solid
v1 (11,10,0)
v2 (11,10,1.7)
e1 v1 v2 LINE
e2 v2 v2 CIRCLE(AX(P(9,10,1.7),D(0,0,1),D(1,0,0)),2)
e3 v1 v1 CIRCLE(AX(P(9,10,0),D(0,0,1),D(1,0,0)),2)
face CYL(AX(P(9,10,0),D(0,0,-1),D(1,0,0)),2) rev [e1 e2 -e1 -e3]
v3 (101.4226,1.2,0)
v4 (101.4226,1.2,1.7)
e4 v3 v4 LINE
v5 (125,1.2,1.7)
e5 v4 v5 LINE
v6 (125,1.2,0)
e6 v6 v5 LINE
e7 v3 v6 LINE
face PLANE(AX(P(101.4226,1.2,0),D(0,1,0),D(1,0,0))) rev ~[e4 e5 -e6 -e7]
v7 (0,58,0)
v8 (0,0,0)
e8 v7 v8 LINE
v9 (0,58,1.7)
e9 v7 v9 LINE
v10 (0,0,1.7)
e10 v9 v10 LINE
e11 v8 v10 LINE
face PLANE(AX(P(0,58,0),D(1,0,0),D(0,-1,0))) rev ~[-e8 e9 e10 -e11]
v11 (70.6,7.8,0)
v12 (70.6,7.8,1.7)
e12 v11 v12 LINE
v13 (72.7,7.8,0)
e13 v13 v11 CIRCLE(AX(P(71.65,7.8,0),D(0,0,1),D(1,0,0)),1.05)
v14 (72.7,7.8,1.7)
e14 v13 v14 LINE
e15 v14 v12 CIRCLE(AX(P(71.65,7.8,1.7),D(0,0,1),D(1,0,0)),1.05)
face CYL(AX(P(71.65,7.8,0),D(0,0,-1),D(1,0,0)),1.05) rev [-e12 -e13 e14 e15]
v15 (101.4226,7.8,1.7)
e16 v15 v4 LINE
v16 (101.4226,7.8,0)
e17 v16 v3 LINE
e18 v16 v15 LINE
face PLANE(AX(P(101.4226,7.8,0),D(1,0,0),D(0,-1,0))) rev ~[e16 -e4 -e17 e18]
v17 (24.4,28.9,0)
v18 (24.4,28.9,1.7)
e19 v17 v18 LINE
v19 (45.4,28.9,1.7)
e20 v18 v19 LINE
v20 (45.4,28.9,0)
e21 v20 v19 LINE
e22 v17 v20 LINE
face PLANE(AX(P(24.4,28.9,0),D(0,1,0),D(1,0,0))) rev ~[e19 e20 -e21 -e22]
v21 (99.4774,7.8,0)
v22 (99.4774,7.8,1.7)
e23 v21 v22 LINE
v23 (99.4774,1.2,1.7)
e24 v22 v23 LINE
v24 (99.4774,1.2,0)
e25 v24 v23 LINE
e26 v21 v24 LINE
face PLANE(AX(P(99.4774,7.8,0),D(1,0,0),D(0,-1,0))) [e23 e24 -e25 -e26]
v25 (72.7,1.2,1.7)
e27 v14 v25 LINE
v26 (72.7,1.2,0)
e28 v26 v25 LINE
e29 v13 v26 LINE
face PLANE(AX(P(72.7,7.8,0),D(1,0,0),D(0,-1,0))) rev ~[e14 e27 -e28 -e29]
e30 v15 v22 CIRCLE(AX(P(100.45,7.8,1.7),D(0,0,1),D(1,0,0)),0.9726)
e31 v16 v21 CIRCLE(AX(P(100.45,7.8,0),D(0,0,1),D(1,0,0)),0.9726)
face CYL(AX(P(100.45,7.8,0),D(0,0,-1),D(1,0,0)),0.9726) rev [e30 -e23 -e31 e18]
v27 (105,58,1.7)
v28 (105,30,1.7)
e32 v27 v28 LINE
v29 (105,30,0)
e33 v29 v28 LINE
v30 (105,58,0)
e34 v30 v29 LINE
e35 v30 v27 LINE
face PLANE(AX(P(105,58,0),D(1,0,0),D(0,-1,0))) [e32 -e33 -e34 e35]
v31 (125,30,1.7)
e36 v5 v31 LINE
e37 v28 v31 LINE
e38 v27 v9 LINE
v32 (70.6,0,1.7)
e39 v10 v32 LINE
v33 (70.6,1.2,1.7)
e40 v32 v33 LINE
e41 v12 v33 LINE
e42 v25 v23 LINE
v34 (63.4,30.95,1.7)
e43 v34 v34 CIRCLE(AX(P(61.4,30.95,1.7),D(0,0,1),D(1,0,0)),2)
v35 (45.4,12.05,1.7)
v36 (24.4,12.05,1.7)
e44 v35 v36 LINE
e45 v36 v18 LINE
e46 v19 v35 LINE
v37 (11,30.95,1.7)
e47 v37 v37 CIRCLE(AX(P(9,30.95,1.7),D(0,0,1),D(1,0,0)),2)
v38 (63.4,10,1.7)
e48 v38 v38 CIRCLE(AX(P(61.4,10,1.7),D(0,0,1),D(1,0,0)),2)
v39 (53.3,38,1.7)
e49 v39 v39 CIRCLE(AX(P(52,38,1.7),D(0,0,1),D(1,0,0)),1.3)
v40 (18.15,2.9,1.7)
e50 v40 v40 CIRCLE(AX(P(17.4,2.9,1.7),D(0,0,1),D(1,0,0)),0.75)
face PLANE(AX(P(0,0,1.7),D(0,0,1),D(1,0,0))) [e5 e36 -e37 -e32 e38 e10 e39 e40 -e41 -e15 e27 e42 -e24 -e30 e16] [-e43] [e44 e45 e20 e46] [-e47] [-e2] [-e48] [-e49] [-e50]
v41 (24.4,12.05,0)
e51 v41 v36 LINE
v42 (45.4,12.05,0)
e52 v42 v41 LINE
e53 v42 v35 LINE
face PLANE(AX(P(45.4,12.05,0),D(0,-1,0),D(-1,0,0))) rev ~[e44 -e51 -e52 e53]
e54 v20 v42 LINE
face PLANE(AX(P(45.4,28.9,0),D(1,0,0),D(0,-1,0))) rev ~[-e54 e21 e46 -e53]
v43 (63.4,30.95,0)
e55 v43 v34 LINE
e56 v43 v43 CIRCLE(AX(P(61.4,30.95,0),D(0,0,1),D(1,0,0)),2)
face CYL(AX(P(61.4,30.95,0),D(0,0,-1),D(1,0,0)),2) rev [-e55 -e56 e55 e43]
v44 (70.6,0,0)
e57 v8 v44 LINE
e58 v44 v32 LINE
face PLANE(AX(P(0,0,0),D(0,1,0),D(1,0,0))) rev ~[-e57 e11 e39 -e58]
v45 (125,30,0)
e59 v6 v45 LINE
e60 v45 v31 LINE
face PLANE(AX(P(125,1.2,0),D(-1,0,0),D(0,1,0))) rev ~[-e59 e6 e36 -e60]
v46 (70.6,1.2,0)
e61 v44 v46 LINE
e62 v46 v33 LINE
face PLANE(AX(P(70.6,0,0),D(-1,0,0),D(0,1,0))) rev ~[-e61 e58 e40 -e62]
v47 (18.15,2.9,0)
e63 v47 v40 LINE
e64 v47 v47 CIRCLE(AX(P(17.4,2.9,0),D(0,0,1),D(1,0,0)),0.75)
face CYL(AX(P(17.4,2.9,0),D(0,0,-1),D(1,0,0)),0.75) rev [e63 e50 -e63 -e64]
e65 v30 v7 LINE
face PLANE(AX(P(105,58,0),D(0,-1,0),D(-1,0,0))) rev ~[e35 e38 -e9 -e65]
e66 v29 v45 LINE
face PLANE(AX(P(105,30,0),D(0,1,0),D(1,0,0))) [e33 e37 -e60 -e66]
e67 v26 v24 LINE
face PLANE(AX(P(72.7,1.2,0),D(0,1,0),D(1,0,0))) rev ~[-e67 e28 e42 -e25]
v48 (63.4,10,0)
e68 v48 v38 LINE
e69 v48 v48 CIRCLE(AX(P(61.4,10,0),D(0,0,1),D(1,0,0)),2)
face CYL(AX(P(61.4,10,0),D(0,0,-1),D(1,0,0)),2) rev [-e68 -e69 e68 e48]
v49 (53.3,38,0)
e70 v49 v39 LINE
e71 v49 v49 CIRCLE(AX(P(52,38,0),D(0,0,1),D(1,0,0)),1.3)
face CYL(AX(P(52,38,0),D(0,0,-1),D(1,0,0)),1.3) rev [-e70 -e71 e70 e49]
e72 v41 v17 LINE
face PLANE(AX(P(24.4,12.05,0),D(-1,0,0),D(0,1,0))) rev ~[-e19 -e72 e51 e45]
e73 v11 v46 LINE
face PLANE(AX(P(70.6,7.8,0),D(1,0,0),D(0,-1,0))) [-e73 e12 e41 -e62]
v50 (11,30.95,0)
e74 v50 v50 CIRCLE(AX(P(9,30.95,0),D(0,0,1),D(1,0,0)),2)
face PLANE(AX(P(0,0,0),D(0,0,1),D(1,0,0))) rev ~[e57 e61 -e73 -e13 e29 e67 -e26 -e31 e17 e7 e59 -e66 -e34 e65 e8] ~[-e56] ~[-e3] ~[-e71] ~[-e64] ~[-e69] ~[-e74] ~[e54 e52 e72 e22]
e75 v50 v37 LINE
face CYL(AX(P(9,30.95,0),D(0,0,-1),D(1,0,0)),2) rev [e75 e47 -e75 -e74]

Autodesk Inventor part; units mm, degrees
ref_plane "YZ Plane" through (0, 0, 0) normal (1, 0, 0) x (0, 1, 0)
ref_plane "XZ Plane" through (0, 0, 0) normal (0, 1, 0) x (-1, 0, 0)
ref_plane "XY Plane" through (0, 0, 0) normal (0, 0, 1) x (1, 0, 0)
sketch "Sketch1" plane through (0, 0, 0) normal (0, 0, 1) x (1, 0, 0)
  line L0 (0, 0) -> (125, 0)
  line L1 (125, 1.2) -> (125, 30)
  line L2 (105, 58) -> (0, 58)
  line L3 (0, 58) -> (0, 0)
  line L4 (105, 58) -> (105, 30)
  line L5 (105, 30) -> (125, 30)
  line L6 (24.4, 28.9) -> (45.4, 28.9)
  line L7 (45.4, 28.9) -> (45.4, 12.05)
  line L8 (45.4, 12.05) -> (24.4, 12.05)
  line L9 (24.4, 12.05) -> (24.4, 28.9)
  circle A0 centre (9, 10) radius 2
  circle A1 centre (61.4, 10) radius 2
  circle A2 centre (9, 30.95) radius 2
  circle A3 centre (61.4, 30.95) radius 2
  line L10 (9, 30.95) -> (9, 10) construction
  line L11 (9, 10) -> (61.4, 10) construction
  line L12 (70.6, 0) -> (70.6, 1.2)
  arc A4 (72.7, 7.8) -> (70.6, 7.8) centre (71.65, 7.8) ccw
  line L13 (70.6, 7.8) -> (70.6, 1.2)
  line L14 (72.7, 7.8) -> (72.7, 1.2)
  arc A5 (101.4226, 7.8) -> (99.4774, 7.8) centre (100.45, 7.8) ccw
  line L15 (99.4774, 7.8) -> (99.4774, 1.2)
  line L16 (101.4226, 7.8) -> (101.4226, 1.2)
  line L17 (72.7, 1.2) -> (99.4774, 1.2)
  line L18 (101.4226, 1.2) -> (125, 1.2)
  circle A6 centre (52, 38) radius 1.3
  circle A7 centre (17.4, 2.9) radius 0.75
  point P0 (34.9, 12.05)
  point P1 (35.2, 10)
  point P2 (9, 20.475)
  point P3 (24.4, 20.475)
  dimension "d2" = 20
  dimension "d3" = 28
  dimension "d4" = 125
  dimension "d5" = 21
  dimension "d9" = 52.4
  dimension "d12" = 20.95
  dimension "d15" = 10
  dimension "d16" = 9
  dimension "d17" = 4
  dimension "d18" = 1.2
  dimension "d19" = 54.4
  dimension "d20" = 7.8
  dimension "d21" = 2.1
  dimension "d24" = 28.8
  dimension "d27" = 2.6
  dimension "d28" = 1.5
  dimension "d31" = 16.85
  dimension "d33" = 34.6
  dimension "d34" = 8.4
  dimension "d35" = 35.1
  dimension "d36" = 28.8
  dimension "d37" = 26.7773
  dimension "d38" = 7.1
  dimension "d39" = 15.4
extrude "Extrusion1" add sketch "Sketch1" along normal blind 1.7
properties part number "daughterboard"
